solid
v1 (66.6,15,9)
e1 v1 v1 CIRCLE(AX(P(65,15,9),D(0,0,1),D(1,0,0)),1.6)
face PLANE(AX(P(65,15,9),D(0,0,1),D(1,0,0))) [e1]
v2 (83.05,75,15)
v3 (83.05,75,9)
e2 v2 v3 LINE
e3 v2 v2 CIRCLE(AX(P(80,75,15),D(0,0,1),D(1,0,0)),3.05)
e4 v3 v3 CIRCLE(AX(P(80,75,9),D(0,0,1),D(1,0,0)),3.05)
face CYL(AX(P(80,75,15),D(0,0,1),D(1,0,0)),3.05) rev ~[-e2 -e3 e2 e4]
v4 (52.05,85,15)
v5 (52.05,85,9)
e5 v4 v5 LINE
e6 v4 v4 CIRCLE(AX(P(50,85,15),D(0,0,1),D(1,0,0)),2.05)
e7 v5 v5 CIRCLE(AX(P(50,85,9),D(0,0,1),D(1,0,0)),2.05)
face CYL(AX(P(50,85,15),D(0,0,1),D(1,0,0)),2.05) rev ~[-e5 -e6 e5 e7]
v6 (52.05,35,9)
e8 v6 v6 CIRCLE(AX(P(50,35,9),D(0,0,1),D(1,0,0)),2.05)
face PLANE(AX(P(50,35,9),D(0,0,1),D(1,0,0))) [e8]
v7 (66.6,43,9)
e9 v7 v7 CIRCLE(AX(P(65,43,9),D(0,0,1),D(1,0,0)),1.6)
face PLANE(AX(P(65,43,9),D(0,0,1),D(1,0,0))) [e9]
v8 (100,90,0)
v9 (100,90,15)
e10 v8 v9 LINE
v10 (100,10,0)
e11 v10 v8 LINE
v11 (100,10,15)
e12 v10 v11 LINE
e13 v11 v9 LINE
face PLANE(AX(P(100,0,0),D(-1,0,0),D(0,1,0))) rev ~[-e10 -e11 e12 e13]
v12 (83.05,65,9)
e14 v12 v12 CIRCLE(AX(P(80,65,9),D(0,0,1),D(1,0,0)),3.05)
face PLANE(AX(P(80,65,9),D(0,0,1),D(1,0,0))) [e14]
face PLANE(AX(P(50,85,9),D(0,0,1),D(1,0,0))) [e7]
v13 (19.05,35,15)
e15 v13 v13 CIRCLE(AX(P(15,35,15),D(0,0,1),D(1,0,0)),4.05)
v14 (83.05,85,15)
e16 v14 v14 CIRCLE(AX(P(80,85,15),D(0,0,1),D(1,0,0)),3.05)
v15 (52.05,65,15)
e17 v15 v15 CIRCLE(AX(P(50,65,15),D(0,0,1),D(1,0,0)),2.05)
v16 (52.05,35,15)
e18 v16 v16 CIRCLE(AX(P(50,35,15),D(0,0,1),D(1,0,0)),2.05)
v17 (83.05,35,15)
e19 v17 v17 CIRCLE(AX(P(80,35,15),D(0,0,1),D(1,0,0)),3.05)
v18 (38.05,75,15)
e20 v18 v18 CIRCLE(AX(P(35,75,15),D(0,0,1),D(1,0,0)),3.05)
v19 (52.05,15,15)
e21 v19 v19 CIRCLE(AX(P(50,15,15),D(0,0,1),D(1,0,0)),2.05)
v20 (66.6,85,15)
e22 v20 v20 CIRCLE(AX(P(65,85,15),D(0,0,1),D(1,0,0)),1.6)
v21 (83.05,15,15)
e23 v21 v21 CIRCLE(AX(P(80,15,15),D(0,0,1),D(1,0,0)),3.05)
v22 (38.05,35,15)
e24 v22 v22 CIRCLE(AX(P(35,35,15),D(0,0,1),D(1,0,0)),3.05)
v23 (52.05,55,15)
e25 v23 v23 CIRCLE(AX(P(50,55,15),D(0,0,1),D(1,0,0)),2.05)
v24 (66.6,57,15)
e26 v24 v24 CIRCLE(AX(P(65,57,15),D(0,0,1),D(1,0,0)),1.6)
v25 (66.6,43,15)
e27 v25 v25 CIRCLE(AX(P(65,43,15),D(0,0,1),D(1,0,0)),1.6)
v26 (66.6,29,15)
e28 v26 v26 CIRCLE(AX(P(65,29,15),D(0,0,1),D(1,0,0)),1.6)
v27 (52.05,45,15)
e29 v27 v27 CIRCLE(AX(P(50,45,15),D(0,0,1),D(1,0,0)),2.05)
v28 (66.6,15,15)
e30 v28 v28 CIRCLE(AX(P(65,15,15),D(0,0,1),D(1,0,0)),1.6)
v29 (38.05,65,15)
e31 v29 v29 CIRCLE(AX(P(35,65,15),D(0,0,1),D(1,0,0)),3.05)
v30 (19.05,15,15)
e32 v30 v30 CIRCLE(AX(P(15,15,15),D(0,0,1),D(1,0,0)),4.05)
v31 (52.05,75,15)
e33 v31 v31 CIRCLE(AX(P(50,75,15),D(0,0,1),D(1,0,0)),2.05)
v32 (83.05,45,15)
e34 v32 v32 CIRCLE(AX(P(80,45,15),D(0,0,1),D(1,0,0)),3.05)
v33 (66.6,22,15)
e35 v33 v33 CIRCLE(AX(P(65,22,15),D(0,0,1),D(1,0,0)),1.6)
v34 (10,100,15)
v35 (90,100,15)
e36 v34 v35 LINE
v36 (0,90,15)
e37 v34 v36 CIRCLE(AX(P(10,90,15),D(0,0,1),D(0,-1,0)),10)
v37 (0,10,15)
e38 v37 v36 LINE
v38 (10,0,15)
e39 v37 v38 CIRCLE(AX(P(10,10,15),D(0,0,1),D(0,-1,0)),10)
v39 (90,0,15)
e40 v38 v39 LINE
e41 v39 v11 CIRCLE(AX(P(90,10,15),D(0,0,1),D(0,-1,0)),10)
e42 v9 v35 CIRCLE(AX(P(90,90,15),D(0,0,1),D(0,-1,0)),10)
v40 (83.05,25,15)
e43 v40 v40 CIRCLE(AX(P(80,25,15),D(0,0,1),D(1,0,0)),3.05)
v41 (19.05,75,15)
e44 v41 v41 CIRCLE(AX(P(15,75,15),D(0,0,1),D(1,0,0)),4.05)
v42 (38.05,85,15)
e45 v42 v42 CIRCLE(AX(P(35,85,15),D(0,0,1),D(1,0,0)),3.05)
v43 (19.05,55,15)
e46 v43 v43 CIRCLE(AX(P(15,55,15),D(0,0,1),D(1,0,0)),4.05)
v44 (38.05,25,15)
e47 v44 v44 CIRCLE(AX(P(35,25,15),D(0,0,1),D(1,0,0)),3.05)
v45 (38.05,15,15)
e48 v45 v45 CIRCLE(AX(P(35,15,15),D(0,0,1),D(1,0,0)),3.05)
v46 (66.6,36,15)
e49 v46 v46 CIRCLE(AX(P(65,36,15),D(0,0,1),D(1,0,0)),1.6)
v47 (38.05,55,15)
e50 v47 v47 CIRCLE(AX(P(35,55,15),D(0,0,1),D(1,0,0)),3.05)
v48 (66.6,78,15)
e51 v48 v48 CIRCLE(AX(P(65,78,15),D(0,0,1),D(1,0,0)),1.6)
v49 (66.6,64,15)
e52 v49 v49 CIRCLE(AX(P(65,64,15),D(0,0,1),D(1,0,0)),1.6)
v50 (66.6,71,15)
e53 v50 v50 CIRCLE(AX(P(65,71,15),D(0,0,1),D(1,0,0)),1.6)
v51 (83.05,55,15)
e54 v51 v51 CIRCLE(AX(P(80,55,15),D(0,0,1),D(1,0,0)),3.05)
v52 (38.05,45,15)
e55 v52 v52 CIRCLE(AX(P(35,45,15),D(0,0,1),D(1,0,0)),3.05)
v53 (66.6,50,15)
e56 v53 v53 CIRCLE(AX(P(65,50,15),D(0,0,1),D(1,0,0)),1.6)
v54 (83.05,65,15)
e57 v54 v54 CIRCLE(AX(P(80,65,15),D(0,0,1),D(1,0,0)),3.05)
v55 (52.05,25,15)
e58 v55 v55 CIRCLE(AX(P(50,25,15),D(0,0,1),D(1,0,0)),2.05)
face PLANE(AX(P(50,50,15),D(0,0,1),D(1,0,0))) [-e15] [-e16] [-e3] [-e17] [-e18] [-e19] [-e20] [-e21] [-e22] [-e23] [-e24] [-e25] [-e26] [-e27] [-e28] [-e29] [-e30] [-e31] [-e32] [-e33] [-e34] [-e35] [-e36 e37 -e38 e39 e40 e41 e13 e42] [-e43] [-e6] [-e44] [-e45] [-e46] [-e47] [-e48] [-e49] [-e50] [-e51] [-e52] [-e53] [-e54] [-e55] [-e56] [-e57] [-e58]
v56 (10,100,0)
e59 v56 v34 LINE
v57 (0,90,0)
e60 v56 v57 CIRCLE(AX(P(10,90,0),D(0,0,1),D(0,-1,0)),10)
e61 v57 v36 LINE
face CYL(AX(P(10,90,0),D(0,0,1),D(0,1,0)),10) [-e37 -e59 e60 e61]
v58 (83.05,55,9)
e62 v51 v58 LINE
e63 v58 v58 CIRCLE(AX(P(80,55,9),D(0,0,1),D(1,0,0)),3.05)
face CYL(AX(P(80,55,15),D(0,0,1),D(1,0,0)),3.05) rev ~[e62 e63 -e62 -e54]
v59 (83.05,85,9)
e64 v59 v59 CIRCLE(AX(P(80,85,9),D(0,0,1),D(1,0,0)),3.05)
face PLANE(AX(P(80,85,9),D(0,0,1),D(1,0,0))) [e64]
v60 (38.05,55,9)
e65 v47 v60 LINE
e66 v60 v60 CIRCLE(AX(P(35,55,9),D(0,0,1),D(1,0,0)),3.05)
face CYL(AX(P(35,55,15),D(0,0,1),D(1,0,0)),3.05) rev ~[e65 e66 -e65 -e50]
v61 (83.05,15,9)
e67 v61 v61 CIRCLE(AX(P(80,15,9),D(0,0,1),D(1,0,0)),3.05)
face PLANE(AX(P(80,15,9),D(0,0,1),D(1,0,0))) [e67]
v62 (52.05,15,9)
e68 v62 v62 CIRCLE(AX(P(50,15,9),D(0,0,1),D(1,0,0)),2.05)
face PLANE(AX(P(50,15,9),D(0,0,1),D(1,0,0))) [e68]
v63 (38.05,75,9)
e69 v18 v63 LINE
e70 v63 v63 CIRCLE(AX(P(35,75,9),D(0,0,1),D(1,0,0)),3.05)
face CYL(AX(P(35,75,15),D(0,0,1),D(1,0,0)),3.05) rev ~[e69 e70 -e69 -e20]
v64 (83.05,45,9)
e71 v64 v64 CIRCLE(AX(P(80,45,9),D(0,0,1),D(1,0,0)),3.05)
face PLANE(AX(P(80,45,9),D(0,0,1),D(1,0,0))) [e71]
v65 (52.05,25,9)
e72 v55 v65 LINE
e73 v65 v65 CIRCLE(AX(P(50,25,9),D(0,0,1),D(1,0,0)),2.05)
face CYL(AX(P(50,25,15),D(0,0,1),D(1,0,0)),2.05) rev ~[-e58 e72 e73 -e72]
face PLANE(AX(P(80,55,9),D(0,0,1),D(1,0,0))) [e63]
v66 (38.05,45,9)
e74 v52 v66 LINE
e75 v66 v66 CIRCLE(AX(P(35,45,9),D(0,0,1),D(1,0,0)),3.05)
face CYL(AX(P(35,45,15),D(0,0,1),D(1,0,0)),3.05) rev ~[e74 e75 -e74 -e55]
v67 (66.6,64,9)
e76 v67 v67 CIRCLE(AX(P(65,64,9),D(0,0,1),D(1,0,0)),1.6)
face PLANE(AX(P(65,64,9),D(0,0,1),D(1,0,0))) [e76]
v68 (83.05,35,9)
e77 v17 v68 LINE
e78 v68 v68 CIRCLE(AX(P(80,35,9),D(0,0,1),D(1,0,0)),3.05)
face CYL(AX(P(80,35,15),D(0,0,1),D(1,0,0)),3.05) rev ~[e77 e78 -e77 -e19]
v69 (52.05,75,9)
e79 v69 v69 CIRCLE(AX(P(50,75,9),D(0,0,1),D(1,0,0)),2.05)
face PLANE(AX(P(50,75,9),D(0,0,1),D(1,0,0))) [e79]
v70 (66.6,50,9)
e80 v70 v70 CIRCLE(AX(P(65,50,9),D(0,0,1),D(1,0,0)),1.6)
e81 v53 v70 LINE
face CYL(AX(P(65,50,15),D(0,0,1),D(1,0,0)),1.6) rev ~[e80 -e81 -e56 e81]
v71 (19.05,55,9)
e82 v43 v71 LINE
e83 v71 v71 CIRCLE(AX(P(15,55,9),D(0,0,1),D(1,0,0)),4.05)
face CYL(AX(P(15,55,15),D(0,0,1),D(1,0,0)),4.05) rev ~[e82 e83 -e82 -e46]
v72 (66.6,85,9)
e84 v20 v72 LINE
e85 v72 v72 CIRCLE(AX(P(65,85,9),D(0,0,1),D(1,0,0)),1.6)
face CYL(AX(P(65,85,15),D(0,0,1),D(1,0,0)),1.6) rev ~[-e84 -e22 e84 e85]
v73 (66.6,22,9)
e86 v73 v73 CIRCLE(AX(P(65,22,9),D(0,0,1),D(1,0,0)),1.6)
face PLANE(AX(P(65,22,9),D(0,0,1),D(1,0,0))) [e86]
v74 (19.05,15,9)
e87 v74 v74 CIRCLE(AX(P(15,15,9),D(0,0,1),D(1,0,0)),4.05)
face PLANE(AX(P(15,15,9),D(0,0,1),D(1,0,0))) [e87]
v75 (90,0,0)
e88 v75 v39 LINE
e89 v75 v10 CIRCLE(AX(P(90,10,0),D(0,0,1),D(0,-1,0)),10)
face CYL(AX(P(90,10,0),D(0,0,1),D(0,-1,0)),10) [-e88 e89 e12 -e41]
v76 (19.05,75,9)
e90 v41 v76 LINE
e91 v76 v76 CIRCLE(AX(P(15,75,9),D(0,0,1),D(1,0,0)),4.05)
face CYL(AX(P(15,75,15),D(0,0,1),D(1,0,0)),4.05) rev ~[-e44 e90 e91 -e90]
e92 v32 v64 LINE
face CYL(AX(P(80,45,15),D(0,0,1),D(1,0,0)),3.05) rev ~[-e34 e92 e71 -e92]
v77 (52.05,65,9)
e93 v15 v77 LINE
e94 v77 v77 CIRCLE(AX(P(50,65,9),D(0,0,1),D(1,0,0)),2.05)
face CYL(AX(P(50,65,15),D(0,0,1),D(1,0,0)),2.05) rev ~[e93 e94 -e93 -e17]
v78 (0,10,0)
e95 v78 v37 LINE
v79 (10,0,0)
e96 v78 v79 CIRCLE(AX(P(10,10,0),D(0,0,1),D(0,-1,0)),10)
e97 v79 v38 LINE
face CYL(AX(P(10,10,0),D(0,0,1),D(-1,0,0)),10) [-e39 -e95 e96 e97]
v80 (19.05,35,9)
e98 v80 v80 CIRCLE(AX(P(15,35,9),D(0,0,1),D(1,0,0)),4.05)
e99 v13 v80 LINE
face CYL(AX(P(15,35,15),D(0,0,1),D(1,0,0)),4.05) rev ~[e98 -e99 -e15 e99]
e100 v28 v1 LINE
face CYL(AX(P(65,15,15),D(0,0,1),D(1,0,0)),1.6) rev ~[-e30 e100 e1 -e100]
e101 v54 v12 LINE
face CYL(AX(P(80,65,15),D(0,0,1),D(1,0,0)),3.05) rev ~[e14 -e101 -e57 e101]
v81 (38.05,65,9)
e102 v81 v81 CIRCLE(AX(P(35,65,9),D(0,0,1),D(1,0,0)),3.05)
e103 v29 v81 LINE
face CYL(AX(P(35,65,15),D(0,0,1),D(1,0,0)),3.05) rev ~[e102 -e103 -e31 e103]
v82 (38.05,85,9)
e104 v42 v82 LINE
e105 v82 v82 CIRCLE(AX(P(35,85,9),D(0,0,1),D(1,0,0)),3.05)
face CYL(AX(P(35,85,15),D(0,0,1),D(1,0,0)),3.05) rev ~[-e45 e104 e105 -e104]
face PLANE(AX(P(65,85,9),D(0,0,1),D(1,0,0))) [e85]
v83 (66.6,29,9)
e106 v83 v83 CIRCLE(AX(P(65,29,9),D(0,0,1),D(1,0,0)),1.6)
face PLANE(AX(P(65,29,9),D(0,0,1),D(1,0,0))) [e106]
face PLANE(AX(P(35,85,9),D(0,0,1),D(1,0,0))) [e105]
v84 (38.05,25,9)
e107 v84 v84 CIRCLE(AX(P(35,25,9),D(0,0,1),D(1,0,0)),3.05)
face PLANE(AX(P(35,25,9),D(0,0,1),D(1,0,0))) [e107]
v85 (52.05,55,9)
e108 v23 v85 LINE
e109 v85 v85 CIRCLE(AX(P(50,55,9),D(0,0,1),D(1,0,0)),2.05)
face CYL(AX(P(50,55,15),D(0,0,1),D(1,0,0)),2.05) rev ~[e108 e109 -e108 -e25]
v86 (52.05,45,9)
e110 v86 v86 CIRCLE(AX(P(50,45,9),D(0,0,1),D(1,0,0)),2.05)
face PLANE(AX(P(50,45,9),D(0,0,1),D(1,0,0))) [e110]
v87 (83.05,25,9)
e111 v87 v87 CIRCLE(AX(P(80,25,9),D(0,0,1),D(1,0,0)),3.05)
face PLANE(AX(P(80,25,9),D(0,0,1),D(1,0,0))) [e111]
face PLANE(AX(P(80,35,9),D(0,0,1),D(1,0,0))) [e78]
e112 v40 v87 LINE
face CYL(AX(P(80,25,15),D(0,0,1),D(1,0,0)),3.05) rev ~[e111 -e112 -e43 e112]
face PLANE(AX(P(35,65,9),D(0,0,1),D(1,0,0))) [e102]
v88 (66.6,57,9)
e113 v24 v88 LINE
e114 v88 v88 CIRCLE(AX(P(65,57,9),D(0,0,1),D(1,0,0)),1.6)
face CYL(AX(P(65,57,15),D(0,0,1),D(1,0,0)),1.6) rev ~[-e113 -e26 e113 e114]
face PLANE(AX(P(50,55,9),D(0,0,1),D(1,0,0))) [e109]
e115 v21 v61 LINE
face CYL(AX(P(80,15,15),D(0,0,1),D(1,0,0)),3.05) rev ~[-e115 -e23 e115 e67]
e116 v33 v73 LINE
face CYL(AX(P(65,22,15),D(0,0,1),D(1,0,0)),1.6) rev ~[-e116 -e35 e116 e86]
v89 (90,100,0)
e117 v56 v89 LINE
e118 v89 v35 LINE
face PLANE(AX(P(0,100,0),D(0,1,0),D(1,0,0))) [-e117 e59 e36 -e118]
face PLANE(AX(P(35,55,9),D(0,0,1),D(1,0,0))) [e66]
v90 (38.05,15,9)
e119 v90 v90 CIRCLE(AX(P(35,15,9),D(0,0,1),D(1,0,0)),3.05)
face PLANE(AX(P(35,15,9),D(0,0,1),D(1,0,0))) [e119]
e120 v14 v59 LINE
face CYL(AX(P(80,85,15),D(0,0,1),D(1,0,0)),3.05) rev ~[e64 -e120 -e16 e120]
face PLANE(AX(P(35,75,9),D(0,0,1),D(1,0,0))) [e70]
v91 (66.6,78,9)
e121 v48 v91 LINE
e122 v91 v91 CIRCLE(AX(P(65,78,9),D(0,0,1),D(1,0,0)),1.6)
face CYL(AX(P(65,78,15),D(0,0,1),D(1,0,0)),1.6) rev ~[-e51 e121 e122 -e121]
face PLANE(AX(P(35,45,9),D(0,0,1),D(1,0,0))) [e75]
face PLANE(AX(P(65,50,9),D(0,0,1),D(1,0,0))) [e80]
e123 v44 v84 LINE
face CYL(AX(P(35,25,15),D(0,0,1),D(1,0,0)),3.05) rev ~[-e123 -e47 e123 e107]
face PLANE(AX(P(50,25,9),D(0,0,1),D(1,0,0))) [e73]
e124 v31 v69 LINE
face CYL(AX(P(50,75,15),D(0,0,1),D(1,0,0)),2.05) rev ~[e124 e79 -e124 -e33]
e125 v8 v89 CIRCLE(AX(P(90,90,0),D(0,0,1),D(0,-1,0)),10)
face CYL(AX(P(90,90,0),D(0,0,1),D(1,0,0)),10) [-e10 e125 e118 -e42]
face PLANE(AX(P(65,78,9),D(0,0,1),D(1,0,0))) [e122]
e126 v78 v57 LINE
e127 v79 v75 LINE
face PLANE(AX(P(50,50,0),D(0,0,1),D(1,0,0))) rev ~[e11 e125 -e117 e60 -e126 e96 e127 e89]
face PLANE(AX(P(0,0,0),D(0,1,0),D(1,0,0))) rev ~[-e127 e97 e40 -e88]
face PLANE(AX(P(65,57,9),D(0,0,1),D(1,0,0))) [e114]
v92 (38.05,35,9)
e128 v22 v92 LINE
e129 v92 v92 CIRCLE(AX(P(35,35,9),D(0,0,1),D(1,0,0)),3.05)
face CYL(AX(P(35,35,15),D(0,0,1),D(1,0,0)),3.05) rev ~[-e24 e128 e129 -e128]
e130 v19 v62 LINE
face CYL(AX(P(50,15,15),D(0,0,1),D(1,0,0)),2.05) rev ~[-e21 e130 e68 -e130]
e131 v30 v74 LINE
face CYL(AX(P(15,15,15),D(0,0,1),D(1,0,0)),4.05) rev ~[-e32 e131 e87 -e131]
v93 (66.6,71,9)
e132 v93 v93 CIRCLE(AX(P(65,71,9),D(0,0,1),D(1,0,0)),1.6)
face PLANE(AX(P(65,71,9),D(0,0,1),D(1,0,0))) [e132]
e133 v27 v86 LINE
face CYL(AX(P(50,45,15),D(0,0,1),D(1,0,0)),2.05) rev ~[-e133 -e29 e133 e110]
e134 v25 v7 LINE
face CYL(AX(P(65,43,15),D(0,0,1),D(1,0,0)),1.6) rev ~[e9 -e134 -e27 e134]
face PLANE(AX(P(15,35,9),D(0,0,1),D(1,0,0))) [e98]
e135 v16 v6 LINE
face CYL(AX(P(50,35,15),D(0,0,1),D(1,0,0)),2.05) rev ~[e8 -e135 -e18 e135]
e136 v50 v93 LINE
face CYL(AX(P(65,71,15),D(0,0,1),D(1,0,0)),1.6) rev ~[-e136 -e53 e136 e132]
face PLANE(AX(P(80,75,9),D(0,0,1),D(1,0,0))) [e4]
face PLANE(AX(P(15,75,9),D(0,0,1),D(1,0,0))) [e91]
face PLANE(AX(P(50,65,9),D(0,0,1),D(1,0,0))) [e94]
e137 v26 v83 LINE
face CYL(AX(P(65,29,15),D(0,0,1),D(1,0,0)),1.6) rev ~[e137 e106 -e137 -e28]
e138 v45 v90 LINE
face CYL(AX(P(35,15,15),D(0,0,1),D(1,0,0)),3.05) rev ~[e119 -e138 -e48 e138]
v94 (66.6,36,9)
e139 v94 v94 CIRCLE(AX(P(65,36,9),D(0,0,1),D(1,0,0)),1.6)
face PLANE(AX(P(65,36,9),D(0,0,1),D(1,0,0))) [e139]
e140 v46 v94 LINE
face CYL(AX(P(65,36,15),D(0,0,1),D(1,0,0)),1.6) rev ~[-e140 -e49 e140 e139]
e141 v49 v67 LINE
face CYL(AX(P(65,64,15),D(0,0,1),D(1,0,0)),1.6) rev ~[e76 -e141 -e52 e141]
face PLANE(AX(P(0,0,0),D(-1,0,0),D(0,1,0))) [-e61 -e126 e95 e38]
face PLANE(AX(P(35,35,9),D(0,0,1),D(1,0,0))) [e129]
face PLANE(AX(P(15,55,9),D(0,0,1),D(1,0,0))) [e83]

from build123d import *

# Parameters (mm, degrees)
SKETCH_W      = 100
SKETCH_H      = 100
PAD_DEPTH     = 15
FILLET_R      = 10
FILLET001_R   = 10
FILLET002_R   = 10
FILLET003_R   = 10
SKETCH001_R   = 4.05
SKETCH001_R_2 = 3.05
SKETCH001_R_3 = 2.05
SKETCH001_R_4 = 1.6
POCKET_DEPTH  = 6


with BuildPart() as part:
    # Sketch → Pad (new body)
    with BuildSketch(Plane.XY):
        with Locations((50, 50)):
            Rectangle(SKETCH_W, SKETCH_H)
    extrude(amount=PAD_DEPTH)

    # Fillet
    fillet_edges = [part.edges().sort_by_distance(p)[0] for p in [
        (0, 0, 7.5),
    ]]
    fillet(fillet_edges, radius=FILLET_R)

    # Fillet001
    fillet001_edges = [part.edges().sort_by_distance(p)[0] for p in [
        (100, 0, 7.5),
    ]]
    fillet(fillet001_edges, radius=FILLET001_R)

    # Fillet002
    fillet002_edges = [part.edges().sort_by_distance(p)[0] for p in [
        (100, 100, 7.5),
    ]]
    fillet(fillet002_edges, radius=FILLET002_R)

    # Fillet003
    fillet003_edges = [part.edges().sort_by_distance(p)[0] for p in [
        (0, 100, 7.5),
    ]]
    fillet(fillet003_edges, radius=FILLET003_R)

    # Sketch001 (on Face6 of Pad) → Pocket (cut)
    with BuildSketch(Plane.XY.offset(15)):
        with Locations((15, 15)):
            Circle(SKETCH001_R)
        with Locations((15, 35)):
            Circle(SKETCH001_R)
        with Locations((15, 55)):
            Circle(SKETCH001_R)
        with Locations((15, 75)):
            Circle(SKETCH001_R)
        with Locations((35, 15)):
            Circle(SKETCH001_R_2)
        with Locations((35, 25)):
            Circle(SKETCH001_R_2)
        with Locations((35, 35)):
            Circle(SKETCH001_R_2)
        with Locations((35, 45)):
            Circle(SKETCH001_R_2)
        with Locations((35, 55)):
            Circle(SKETCH001_R_2)
        with Locations((35, 65)):
            Circle(SKETCH001_R_2)
        with Locations((35, 75)):
            Circle(SKETCH001_R_2)
        with Locations((35, 85)):
            Circle(SKETCH001_R_2)
        with Locations((50, 15)):
            Circle(SKETCH001_R_3)
        with Locations((50, 25)):
            Circle(SKETCH001_R_3)
        with Locations((50, 35)):
            Circle(SKETCH001_R_3)
        with Locations((50, 45)):
            Circle(SKETCH001_R_3)
        with Locations((50, 55)):
            Circle(SKETCH001_R_3)
        with Locations((50, 65)):
            Circle(SKETCH001_R_3)
        with Locations((50, 75)):
            Circle(SKETCH001_R_3)
        with Locations((50, 85)):
            Circle(SKETCH001_R_3)
        with Locations((65, 15)):
            Circle(SKETCH001_R_4)
        with Locations((65, 22)):
            Circle(SKETCH001_R_4)
        with Locations((65, 29)):
            Circle(SKETCH001_R_4)
        with Locations((65, 36)):
            Circle(SKETCH001_R_4)
        with Locations((65, 43)):
            Circle(SKETCH001_R_4)
        with Locations((65, 50)):
            Circle(SKETCH001_R_4)
        with Locations((65, 57)):
            Circle(SKETCH001_R_4)
        with Locations((65, 64)):
            Circle(SKETCH001_R_4)
        with Locations((65, 71)):
            Circle(SKETCH001_R_4)
        with Locations((65, 78)):
            Circle(SKETCH001_R_4)
        with Locations((65, 85)):
            Circle(SKETCH001_R_4)
        with Locations((80, 15)):
            Circle(SKETCH001_R_2)
        with Locations((80, 25)):
            Circle(SKETCH001_R_2)
        with Locations((80, 35)):
            Circle(SKETCH001_R_2)
        with Locations((80, 45)):
            Circle(SKETCH001_R_2)
        with Locations((80, 55)):
            Circle(SKETCH001_R_2)
        with Locations((80, 65)):
            Circle(SKETCH001_R_2)
        with Locations((80, 75)):
            Circle(SKETCH001_R_2)
        with Locations((80, 85)):
            Circle(SKETCH001_R_2)
    extrude(amount=-POCKET_DEPTH, mode=Mode.SUBTRACT)


solid = part.part
